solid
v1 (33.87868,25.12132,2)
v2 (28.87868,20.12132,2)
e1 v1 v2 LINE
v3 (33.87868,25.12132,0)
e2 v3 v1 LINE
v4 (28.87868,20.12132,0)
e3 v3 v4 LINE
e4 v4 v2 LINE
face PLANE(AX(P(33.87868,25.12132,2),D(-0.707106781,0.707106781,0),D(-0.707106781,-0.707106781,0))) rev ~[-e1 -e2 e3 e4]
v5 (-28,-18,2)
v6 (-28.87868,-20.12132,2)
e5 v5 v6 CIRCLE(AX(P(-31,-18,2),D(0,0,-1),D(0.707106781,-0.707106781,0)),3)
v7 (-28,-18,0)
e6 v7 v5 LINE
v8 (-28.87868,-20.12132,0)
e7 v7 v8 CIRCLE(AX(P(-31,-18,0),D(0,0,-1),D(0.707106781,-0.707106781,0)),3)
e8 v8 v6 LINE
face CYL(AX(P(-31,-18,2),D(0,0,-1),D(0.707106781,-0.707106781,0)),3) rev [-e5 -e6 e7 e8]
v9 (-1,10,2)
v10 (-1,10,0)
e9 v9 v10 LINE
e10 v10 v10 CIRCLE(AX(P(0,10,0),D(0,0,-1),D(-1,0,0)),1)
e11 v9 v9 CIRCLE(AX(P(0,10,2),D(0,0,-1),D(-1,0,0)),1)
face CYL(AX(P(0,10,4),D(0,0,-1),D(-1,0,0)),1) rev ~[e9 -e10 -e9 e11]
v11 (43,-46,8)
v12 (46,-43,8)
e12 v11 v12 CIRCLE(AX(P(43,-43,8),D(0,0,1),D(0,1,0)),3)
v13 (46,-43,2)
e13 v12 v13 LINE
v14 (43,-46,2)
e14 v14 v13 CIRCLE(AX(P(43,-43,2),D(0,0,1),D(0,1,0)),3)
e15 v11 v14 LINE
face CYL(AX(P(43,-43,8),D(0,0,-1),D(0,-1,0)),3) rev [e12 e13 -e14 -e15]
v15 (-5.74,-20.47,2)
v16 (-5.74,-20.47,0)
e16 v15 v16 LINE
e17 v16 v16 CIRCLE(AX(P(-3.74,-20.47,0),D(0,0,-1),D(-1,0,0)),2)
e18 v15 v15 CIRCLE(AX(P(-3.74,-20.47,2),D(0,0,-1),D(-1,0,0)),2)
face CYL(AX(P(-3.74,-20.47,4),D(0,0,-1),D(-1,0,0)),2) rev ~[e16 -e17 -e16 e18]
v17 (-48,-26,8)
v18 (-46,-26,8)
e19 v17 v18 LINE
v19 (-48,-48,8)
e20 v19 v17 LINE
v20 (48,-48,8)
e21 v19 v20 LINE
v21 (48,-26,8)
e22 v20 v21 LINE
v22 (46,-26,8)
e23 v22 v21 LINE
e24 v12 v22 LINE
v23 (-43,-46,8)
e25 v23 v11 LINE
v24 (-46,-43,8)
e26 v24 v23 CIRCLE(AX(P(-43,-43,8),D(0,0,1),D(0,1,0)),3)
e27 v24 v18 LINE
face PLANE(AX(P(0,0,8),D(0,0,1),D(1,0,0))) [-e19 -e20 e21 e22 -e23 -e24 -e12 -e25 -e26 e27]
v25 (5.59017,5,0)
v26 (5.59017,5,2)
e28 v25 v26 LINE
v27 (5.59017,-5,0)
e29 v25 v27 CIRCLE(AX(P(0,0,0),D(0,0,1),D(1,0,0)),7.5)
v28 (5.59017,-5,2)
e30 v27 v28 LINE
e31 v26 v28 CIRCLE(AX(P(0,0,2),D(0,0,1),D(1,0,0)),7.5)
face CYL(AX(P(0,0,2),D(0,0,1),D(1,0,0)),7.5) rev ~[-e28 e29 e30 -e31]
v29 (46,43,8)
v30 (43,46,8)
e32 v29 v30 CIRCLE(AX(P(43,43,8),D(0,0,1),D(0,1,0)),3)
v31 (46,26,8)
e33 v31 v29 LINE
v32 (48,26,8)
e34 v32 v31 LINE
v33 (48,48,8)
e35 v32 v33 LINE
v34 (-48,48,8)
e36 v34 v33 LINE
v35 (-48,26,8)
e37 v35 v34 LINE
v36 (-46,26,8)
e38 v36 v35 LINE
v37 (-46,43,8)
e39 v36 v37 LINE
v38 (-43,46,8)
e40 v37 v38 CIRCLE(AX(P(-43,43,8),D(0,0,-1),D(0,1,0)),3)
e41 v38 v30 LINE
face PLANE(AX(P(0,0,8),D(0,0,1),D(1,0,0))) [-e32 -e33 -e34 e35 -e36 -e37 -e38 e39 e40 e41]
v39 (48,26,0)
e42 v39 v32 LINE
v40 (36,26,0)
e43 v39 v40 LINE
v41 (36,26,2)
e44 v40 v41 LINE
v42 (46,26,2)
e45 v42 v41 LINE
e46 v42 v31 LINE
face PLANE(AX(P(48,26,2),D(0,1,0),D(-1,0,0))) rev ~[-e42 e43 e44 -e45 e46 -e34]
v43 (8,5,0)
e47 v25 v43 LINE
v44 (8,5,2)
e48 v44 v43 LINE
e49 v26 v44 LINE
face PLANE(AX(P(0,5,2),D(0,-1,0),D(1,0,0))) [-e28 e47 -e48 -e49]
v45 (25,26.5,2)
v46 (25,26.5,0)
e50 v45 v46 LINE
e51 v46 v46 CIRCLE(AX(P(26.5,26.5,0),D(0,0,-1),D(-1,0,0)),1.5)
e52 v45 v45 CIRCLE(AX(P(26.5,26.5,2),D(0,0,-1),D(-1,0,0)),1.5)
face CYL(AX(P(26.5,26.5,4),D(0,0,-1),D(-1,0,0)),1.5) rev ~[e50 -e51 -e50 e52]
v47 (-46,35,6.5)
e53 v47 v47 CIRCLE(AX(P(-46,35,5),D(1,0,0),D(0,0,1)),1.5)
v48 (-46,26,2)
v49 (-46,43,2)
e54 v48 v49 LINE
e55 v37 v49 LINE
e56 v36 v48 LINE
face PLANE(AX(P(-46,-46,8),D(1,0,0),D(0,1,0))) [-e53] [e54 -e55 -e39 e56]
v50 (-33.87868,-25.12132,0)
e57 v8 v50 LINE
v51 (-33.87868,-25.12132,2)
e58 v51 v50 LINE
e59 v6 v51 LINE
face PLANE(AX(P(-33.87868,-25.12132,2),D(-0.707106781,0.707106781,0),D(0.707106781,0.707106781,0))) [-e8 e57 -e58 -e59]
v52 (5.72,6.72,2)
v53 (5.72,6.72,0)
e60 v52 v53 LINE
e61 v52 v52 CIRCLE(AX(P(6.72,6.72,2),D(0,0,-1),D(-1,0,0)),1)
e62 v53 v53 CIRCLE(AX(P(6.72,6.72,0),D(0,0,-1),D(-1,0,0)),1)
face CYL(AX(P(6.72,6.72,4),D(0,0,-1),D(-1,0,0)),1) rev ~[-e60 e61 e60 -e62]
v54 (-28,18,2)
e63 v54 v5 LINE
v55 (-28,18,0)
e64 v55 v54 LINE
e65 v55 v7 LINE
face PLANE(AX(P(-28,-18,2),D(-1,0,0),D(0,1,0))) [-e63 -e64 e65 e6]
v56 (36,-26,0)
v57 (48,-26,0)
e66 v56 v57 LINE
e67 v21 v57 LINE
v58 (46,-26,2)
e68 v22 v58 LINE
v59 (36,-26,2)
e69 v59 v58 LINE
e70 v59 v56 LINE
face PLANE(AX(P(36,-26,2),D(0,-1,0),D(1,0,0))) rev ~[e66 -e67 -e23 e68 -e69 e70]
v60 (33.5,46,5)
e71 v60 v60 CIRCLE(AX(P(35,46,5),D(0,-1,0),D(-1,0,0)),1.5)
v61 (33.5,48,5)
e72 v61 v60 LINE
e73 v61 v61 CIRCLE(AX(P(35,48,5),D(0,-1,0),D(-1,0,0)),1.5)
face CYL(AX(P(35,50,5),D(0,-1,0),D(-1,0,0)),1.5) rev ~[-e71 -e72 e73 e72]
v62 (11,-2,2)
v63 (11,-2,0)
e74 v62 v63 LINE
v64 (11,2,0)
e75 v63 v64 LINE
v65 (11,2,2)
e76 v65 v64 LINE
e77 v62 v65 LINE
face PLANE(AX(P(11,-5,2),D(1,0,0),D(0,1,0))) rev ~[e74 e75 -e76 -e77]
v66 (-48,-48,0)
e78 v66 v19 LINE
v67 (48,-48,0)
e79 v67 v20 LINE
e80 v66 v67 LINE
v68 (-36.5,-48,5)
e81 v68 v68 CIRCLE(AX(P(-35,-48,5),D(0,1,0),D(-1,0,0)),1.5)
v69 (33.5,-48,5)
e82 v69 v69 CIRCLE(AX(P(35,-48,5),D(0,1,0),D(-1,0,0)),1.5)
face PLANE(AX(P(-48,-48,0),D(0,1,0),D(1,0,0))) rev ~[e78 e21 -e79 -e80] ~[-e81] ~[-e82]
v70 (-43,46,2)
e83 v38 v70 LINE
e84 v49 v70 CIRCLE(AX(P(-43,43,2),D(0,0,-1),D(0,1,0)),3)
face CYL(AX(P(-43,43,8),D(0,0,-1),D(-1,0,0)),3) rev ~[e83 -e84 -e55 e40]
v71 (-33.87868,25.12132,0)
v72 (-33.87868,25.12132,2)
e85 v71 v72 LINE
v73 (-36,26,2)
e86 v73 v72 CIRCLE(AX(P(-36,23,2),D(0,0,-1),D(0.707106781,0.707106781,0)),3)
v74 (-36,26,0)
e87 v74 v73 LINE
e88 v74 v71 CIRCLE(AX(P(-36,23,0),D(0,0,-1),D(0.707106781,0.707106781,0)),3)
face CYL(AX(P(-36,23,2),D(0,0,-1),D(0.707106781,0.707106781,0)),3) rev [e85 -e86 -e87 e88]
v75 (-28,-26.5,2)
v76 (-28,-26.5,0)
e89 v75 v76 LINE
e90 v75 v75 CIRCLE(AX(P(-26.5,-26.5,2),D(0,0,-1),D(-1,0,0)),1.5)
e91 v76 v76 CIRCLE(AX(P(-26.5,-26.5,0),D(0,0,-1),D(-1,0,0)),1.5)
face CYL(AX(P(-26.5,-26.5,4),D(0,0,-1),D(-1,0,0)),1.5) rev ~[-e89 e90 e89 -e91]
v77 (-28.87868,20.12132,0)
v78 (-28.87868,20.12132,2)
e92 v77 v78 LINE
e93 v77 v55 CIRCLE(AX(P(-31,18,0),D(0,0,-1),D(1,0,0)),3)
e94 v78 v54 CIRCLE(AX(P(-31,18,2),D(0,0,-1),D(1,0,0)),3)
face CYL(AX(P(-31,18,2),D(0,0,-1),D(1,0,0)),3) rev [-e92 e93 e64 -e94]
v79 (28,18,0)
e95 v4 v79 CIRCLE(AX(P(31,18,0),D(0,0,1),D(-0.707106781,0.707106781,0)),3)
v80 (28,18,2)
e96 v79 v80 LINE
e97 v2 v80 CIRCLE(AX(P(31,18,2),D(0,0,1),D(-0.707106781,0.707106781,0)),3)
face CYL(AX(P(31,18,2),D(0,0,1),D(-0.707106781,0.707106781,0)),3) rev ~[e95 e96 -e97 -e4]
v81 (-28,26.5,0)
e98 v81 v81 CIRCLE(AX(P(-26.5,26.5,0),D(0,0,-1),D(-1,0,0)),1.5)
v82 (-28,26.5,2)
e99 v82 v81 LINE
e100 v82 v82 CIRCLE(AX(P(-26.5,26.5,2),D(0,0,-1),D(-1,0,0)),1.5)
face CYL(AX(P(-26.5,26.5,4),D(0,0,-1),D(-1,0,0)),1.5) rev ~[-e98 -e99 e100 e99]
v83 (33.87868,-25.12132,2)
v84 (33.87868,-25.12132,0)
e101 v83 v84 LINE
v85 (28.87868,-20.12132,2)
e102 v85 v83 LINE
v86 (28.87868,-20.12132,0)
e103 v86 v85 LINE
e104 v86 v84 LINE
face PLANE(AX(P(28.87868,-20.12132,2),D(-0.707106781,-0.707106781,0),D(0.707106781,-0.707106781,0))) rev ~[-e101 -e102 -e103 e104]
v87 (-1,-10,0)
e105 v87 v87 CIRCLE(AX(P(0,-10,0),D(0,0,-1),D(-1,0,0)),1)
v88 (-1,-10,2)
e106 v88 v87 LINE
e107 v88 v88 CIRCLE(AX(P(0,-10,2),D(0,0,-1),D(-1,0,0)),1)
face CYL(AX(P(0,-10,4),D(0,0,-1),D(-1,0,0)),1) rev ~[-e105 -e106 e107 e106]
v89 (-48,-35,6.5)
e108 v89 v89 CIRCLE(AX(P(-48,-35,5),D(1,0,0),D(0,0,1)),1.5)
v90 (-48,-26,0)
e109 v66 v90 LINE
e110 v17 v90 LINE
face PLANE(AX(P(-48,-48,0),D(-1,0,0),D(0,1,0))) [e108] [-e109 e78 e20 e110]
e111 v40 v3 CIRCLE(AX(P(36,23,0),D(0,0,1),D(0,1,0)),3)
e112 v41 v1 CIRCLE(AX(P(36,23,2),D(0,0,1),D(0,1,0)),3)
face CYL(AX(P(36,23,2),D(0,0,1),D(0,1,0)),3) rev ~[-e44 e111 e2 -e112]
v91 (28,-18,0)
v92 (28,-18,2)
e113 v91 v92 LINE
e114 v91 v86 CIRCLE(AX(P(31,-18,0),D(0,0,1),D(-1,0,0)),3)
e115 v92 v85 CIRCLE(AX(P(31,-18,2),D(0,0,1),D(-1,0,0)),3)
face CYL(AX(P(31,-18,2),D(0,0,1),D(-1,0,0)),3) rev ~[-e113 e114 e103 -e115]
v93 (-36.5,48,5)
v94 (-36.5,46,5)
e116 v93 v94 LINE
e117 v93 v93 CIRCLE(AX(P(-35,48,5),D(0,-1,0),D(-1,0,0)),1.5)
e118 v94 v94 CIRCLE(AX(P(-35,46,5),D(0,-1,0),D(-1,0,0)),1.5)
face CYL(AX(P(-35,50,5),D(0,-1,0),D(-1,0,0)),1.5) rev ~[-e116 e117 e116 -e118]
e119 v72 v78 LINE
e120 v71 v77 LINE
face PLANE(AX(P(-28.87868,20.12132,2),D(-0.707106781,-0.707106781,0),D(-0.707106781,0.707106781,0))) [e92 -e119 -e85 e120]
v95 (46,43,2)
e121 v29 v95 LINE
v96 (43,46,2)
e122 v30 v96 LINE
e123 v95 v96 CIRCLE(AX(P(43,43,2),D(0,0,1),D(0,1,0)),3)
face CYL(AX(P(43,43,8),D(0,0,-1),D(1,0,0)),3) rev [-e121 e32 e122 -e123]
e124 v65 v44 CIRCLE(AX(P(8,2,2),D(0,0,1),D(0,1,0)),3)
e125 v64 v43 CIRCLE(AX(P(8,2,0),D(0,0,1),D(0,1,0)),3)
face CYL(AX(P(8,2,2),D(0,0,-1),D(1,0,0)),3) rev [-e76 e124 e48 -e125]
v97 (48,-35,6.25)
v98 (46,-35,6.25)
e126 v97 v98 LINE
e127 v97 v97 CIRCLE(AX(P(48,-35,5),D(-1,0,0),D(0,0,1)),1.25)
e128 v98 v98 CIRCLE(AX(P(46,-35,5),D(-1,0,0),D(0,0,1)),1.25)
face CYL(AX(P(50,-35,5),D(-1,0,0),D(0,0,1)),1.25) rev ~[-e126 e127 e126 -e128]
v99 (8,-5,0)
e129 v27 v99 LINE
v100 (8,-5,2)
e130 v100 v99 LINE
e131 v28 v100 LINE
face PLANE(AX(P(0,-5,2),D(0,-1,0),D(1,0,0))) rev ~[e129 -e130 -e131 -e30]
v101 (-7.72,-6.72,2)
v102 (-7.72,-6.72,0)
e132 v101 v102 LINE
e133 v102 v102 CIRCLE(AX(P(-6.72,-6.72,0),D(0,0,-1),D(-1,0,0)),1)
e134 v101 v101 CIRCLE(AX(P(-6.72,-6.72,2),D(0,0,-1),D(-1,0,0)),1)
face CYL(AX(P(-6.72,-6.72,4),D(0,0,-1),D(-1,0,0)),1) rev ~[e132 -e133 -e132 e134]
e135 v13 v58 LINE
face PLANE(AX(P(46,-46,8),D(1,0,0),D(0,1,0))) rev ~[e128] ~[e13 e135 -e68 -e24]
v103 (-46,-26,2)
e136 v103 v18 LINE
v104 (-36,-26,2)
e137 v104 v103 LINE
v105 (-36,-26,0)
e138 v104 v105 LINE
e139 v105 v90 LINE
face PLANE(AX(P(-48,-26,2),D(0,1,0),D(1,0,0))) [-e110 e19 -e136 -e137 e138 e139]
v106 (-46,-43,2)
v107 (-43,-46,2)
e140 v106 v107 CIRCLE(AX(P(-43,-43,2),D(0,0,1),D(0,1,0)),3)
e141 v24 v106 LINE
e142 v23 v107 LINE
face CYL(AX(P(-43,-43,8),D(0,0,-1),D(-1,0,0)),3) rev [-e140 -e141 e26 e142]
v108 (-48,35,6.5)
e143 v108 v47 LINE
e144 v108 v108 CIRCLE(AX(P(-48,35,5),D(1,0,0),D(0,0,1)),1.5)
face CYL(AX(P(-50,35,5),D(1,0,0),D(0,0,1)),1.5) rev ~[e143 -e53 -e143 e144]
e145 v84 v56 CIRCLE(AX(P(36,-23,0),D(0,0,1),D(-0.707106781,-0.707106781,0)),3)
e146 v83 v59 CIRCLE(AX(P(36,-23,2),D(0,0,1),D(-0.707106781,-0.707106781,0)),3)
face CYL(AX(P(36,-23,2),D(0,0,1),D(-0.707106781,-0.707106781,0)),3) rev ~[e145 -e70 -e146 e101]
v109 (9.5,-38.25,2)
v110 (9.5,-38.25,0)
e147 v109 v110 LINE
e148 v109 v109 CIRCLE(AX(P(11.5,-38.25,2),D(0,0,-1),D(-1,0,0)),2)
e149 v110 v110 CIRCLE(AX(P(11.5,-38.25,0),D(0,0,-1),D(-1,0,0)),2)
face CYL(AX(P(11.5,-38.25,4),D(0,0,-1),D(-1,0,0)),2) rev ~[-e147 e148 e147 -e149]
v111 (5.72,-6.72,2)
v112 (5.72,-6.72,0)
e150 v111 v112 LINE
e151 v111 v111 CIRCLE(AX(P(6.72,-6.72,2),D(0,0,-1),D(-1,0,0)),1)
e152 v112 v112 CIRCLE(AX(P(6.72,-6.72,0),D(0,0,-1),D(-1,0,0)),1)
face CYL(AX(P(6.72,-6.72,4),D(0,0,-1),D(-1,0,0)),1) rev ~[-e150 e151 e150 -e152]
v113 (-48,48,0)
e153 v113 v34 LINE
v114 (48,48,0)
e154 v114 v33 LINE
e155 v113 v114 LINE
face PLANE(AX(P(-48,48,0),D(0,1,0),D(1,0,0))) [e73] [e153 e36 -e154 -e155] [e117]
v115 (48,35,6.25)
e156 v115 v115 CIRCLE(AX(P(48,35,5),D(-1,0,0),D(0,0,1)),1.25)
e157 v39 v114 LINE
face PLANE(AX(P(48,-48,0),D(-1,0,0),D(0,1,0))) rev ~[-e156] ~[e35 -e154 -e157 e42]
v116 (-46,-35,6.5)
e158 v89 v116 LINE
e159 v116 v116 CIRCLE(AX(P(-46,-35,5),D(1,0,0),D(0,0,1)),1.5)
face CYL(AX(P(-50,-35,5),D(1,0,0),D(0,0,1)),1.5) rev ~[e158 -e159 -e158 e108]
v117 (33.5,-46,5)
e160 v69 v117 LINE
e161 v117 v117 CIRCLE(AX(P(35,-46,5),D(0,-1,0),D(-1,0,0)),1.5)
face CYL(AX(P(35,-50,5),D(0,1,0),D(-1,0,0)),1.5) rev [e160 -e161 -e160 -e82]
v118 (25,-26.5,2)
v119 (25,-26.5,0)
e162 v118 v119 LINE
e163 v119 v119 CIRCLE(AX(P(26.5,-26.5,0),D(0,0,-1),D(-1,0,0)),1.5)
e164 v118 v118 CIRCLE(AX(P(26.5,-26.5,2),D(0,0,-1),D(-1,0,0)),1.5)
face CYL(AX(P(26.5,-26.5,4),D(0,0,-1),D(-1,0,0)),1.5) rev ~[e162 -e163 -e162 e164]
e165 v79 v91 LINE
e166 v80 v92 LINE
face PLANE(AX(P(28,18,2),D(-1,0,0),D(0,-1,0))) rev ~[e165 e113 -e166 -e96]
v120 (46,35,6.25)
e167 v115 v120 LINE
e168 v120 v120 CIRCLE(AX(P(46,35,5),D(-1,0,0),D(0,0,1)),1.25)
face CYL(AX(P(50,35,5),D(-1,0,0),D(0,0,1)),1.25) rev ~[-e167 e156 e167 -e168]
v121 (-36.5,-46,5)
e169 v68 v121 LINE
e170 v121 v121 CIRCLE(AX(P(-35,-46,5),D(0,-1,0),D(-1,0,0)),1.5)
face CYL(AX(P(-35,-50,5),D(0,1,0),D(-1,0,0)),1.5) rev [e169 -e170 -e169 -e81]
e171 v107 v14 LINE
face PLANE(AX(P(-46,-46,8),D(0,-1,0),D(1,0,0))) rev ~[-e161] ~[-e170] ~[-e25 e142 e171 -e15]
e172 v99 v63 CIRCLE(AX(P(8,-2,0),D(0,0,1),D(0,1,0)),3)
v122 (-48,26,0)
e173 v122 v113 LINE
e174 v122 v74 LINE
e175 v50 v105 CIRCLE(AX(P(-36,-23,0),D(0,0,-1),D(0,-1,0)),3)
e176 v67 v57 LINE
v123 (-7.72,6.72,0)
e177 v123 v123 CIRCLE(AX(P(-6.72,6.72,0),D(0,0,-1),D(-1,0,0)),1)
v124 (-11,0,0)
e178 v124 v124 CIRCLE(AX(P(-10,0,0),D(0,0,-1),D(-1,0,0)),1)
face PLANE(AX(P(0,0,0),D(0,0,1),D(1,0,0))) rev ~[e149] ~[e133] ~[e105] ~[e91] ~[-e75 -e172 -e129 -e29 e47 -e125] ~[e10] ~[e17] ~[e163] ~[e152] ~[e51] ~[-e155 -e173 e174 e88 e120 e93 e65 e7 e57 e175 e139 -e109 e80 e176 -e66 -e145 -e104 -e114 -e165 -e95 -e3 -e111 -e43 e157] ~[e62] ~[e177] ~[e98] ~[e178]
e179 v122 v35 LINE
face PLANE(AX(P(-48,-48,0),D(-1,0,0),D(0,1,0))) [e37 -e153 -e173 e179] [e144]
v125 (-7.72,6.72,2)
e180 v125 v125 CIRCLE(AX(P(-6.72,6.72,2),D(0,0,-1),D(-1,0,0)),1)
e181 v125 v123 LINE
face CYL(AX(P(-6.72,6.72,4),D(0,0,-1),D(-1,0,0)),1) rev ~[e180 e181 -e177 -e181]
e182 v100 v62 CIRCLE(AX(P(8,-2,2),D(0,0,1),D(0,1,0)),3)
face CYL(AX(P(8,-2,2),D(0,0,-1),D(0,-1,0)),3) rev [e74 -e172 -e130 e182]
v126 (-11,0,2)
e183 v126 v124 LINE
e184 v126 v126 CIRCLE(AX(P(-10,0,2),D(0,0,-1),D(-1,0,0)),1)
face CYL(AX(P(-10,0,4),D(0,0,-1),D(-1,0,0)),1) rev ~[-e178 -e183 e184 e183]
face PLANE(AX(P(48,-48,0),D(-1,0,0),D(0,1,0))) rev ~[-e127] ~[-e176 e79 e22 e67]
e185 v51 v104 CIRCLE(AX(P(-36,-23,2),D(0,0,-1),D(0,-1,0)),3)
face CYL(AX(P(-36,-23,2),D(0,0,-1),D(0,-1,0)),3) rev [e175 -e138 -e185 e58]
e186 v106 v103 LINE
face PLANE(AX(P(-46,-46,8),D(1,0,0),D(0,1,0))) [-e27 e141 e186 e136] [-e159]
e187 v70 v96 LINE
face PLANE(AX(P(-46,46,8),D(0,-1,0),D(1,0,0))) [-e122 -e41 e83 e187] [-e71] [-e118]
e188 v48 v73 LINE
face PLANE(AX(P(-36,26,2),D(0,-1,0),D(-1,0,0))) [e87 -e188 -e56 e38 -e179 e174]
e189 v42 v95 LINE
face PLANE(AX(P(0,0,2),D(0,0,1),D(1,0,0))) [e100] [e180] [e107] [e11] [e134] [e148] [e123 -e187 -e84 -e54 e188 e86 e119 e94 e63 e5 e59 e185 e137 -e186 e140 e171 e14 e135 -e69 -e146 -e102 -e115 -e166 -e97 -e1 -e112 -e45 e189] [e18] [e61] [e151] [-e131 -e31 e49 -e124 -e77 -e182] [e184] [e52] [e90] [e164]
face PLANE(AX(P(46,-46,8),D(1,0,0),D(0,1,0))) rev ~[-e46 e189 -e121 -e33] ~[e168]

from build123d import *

# Parameters (mm, degrees)
SKETCH1_W                 = 96
SKETCH1_H                 = 96
BOSS_EXTRUDE1_DEPTH       = 8
SKETCH2_W                 = 92
SKETCH2_H                 = 92
COMPONENT_PLATFORM_DEPTH  = 6
CABLE_SLOTS_DEPTH         = 6
SKETCH4_R                 = 7.5
CENTER_MASS_CUT_DEPTH     = 6
INNER_CORNER_FILLETS_R    = 3
SKETCH10_W                = 11
SKETCH10_H                = 10
MOTOR_CUTOUT_DEPTH        = 2
FILLET1_R                 = 3
M3X0_5_TAPPED_HOLE1_D     = 2.5
M3X0_5_TAPPED_HOLE1_DEPTH = 2
F_3_0MM_DOWEL_HOLE1_D     = 3
F_3_0MM_DOWEL_HOLE1_DEPTH = 2
F_3_0MM_DOWEL_HOLE2_D     = 3
F_3_0MM_DOWEL_HOLE2_DEPTH = 2
F_2_0MM_DOWEL_HOLE1_D     = 2
F_2_0MM_DOWEL_HOLE1_DEPTH = 2
F_4_0MM_DOWEL_HOLE1_D     = 4
F_4_0MM_DOWEL_HOLE1_DEPTH = 2
F_3_0MM_DOWEL_HOLE3_D     = 3
F_3_0MM_DOWEL_HOLE3_DEPTH = 2


with BuildPart() as part:
    # Sketch1 → Boss-Extrude1 (new body)
    with BuildSketch(Plane.XY):
        Rectangle(SKETCH1_W, SKETCH1_H)
    extrude(amount=BOSS_EXTRUDE1_DEPTH)

    # Sketch2 → Component Platform (cut)
    with BuildSketch(Plane.XY.offset(8)):
        Rectangle(SKETCH2_W, SKETCH2_H)
    extrude(amount=-COMPONENT_PLATFORM_DEPTH, mode=Mode.SUBTRACT)

    # Sketch3 → Cable Slots (cut, symmetric)
    with BuildSketch(Plane.XY.offset(2)):
        with BuildLine():
            Line((-33.878679656, -25.121320344), (-28.878679656, -20.121320344))
            ThreePointArc((-28.878679656, -20.121320344), (-28.228361402, -19.148050297), (-28, -18))
            Line((-28, -18), (-28, 18))
            ThreePointArc((-28, 18), (-28.228361402, 19.148050297), (-28.878679656, 20.121320344))
            Line((-28.878679656, 20.121320344), (-33.878679656, 25.121320344))
            ThreePointArc((-33.878679656, 25.121320344), (-34.851949703, 25.771638598), (-36, 26))
            Line((-36, 26), (-48, 26))
            Line((-48, 26), (-48, -26))
            Line((-48, -26), (-36, -26))
            ThreePointArc((-36, -26), (-34.851949703, -25.771638598), (-33.878679656, -25.121320344))
        make_face()
        with BuildLine():
            Line((48, -26), (48, 26))
            Line((48, 26), (36, 26))
            ThreePointArc((36, 26), (34.851949703, 25.771638598), (33.878679656, 25.121320344))
            Line((33.878679656, 25.121320344), (28.878679656, 20.121320344))
            ThreePointArc((28.878679656, 20.121320344), (28.228361402, 19.148050297), (28, 18))
            Line((28, 18), (28, -18))
            ThreePointArc((28, -18), (28.228361402, -19.148050297), (28.878679656, -20.121320344))
            Line((28.878679656, -20.121320344), (33.878679656, -25.121320344))
            ThreePointArc((33.878679656, -25.121320344), (34.851949703, -25.771638598), (36, -26))
            Line((36, -26), (48, -26))
        make_face()
    extrude(amount=CABLE_SLOTS_DEPTH, both=True, mode=Mode.SUBTRACT)

    # Sketch4 → Center Mass Cut (cut)
    with BuildSketch(Plane.XY.offset(2)):
        Circle(SKETCH4_R)
    extrude(amount=-CENTER_MASS_CUT_DEPTH, mode=Mode.SUBTRACT)

    # Inner Corner Fillets
    inner_corner_fillets_edges = [part.edges().sort_by_distance(p)[0] for p in [
        (-46, -46, 5),
        (-46, 46, 5),
        (46, 46, 5),
        (46, -46, 5),
    ]]
    fillet(inner_corner_fillets_edges, radius=INNER_CORNER_FILLETS_R)

    # Sketch10 → Motor Cutout (cut)
    with BuildSketch(Plane.XY.offset(2)):
        with Locations((5.5, 0)):
            Rectangle(SKETCH10_W, SKETCH10_H)
    extrude(amount=-MOTOR_CUTOUT_DEPTH, mode=Mode.SUBTRACT)

    # Fillet1
    fillet1_edges = [part.edges().sort_by_distance(p)[0] for p in [
        (11, -5, 1),
        (11, 5, 1),
    ]]
    fillet(fillet1_edges, radius=FILLET1_R)

    # M3x0.5 Tapped Hole1
    with Locations(Plane(origin=(48, 0, 0), x_dir=(0, 0, -1), z_dir=(1, 0, 0))):
        with Locations((-5, -35), (-5, 35)):
            Hole(M3X0_5_TAPPED_HOLE1_D / 2, depth=M3X0_5_TAPPED_HOLE1_DEPTH)

    # Ø3.0mm Dowel Hole1
    with Locations(Plane(origin=(0, 48, 0), x_dir=(1, 0, 0), z_dir=(0, 1, 0))):
        with Locations((35, -5), (-35, -5)):
            f_3_0mm_dowel_hole1 = Hole(F_3_0MM_DOWEL_HOLE1_D / 2, depth=F_3_0MM_DOWEL_HOLE1_DEPTH)

    # Mirror2: Ø3.0mm Dowel Hole1 across plane
    add(f_3_0mm_dowel_hole1.mirror(Plane(origin=(0, 0, 0), x_dir=(0, 0, 1), z_dir=(0, -1, 0))), mode=Mode.SUBTRACT)

    # Ø3.0mm Dowel Hole2
    with Locations(Plane.XY.offset(2)):
        with Locations((-26.5, -26.5), (26.5, -26.5), (26.5, 26.5), (-26.5, 26.5)):
            Hole(F_3_0MM_DOWEL_HOLE2_D / 2, depth=F_3_0MM_DOWEL_HOLE2_DEPTH)

    # Ø2.0mm Dowel Hole1
    with Locations(Plane.XY.offset(2)):
        with Locations((6.72, -6.72), (0, -10), (-6.72, -6.72), (-10, 0), (-6.72, 6.72), (0, 10), (6.72, 6.72)):
            Hole(F_2_0MM_DOWEL_HOLE1_D / 2, depth=F_2_0MM_DOWEL_HOLE1_DEPTH)

    # Ø4.0mm Dowel Hole1
    with Locations(Plane.XY.offset(2)):
        with Locations((-3.74, -20.47), (11.5, -38.25)):
            Hole(F_4_0MM_DOWEL_HOLE1_D / 2, depth=F_4_0MM_DOWEL_HOLE1_DEPTH)

    # Ø3.0mm Dowel Hole3
    with Locations(Plane(origin=(-48, 35, 5), x_dir=(0, 0, -1), z_dir=(-1, 0, 0))):
        with Locations((0, 0), (0, 70)):
            Hole(F_3_0MM_DOWEL_HOLE3_D / 2, depth=F_3_0MM_DOWEL_HOLE3_DEPTH)


solid = part.part
